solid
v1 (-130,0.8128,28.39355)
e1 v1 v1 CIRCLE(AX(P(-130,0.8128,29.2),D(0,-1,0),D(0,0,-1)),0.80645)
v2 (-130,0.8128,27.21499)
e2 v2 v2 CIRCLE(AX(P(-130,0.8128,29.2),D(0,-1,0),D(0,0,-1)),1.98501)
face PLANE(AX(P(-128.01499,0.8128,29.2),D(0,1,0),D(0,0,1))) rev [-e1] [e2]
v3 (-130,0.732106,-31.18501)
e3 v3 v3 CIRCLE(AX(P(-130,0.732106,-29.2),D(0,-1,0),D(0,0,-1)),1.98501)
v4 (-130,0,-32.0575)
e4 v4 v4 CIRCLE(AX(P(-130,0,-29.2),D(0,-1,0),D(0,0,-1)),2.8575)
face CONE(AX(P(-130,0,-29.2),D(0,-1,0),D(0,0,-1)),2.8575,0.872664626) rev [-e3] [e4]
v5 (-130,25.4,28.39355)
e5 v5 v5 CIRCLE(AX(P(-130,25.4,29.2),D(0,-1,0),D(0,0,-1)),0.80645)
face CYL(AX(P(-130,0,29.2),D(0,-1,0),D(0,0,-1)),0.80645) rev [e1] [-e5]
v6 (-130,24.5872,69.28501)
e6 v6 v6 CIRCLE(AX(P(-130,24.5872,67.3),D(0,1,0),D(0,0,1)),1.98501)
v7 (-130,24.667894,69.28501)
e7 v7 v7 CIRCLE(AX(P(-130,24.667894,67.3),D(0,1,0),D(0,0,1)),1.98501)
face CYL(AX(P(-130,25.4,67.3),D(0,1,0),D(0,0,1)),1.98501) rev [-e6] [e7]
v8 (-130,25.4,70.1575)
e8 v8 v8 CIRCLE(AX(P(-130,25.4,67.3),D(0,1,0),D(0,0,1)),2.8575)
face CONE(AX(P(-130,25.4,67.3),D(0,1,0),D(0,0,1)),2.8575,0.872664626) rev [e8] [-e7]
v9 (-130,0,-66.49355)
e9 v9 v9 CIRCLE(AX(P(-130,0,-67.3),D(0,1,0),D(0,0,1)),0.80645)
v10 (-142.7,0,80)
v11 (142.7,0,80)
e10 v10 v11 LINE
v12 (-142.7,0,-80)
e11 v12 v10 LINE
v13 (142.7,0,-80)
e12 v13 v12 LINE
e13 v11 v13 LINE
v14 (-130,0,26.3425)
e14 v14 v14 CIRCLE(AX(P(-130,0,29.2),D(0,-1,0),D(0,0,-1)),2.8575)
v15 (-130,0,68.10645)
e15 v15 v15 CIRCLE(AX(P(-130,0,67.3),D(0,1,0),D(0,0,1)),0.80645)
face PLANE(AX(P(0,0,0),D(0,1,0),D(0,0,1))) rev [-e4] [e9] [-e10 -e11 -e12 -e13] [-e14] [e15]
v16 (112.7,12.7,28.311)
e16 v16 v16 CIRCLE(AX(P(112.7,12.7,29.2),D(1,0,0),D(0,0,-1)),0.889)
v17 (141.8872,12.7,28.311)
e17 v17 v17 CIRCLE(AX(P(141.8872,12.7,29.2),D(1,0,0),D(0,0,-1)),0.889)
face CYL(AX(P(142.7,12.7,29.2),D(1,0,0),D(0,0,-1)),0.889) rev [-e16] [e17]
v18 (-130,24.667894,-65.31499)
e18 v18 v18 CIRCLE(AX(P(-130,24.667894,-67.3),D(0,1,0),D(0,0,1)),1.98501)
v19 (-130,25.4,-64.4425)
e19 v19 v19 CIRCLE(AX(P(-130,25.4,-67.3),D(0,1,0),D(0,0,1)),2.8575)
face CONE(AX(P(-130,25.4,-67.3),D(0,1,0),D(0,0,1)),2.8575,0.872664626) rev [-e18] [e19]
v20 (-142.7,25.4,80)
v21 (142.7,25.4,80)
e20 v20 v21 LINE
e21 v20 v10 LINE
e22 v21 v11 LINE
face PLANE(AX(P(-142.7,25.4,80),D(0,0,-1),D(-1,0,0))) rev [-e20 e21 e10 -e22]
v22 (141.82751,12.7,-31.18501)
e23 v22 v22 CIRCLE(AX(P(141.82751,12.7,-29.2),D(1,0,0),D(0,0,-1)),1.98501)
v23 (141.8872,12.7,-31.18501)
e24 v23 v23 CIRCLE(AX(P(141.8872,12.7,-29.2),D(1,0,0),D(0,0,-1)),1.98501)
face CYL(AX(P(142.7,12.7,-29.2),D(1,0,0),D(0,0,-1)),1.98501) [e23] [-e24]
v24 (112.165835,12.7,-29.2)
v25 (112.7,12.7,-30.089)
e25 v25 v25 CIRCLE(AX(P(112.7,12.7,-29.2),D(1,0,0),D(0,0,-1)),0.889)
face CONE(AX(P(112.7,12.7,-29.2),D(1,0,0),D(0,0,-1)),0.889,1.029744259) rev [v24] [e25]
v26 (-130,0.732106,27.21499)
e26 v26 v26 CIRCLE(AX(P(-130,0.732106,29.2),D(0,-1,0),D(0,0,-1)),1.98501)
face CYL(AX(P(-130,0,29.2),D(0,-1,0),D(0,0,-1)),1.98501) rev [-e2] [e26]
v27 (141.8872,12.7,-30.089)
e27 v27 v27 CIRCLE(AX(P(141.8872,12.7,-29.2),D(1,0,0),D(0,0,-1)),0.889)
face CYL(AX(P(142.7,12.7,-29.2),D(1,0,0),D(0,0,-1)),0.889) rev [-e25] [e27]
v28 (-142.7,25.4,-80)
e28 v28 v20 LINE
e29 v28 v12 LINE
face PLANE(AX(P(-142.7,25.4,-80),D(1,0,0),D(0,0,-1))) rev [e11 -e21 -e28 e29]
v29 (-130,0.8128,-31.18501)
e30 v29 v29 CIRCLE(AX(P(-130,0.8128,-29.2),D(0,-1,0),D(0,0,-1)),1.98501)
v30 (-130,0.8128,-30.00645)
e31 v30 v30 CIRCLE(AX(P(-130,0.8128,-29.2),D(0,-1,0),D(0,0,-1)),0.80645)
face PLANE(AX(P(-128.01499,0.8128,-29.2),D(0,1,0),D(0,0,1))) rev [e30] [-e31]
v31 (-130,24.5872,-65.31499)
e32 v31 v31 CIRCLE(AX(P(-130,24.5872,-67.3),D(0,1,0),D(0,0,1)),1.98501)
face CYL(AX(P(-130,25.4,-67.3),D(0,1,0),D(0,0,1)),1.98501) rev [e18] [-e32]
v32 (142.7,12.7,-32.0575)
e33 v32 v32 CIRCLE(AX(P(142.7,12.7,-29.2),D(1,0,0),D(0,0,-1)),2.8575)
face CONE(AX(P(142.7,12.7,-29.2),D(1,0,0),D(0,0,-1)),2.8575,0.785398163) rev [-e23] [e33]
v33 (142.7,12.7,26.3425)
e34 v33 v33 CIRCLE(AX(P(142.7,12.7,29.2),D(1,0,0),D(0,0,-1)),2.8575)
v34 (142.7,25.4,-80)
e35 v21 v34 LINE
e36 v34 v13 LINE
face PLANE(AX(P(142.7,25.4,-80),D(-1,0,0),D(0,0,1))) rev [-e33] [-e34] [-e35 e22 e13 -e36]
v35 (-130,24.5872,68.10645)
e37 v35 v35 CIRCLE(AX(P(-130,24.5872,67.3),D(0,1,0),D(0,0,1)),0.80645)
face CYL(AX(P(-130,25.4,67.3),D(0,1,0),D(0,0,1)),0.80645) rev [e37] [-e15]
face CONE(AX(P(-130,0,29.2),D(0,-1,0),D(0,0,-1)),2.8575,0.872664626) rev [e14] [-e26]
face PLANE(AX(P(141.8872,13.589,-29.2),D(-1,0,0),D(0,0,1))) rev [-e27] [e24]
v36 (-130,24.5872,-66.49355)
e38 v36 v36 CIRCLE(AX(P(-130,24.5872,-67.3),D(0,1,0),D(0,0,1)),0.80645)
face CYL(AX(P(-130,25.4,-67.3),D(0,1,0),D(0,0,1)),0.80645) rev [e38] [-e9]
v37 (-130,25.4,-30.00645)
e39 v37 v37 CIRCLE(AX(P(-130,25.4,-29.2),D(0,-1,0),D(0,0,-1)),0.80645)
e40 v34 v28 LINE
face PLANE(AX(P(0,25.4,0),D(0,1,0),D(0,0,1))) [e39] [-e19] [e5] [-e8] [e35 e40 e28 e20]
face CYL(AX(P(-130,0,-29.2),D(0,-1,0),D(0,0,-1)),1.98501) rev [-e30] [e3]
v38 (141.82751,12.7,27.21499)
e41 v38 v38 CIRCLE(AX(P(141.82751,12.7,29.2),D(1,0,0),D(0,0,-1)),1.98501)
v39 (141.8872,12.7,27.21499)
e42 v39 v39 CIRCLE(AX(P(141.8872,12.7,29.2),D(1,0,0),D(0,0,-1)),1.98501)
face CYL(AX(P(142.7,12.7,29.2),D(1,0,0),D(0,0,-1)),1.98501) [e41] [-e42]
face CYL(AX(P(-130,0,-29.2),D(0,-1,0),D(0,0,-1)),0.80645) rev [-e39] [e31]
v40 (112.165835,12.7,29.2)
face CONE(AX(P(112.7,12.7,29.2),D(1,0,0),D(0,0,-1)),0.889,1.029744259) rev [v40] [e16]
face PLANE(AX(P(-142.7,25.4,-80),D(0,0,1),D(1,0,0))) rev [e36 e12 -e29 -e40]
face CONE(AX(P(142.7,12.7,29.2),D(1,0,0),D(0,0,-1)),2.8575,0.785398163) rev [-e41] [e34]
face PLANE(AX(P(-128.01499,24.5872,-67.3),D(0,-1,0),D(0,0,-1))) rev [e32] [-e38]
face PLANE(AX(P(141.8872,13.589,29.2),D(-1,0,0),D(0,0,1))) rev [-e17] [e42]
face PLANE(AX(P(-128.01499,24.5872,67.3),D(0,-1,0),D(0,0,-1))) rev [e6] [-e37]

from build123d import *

# Parameters (mm, degrees)
SKETCH1_W                                   = 285.4
SKETCH1_H                                   = 160
BOSS_EXTRUDE1_DEPTH                         = 25.4
CBORE_FOR_0_BINDING_HEAD_MACHINE_SC_2_COUNT = 2
CBORE_FOR_0_BINDING_HEAD_MACHINE_SC_2_PITCH = 58.4
CBORE_FOR_0_BINDING_HEAD_MACHINE_SC_3_COUNT = 2
CBORE_FOR_0_BINDING_HEAD_MACHINE_SC_3_PITCH = 134.6
CBORE_FOR_0_BINDING_HEAD_MACHINE_SC_4_COUNT = 2
CBORE_FOR_0_BINDING_HEAD_MACHINE_SC_4_PITCH = 58.4


with BuildPart() as part:
    # Sketch1 → Boss-Extrude1 (new body)
    with BuildSketch(Plane(origin=(0, 0, 0), x_dir=(1, 0, 0), z_dir=(0, 1, 0))):
        Rectangle(SKETCH1_W, SKETCH1_H)
    extrude(amount=BOSS_EXTRUDE1_DEPTH)

    # Sketch3 → CBORE for #0 Binding Head Machine Screw3 (revolve, cut)
    with BuildSketch(Plane(origin=(142.7, 12.7, 29.2), x_dir=(0, 0, -1), z_dir=(0, 1, 0))):
        Polygon((0, 0), (0, 30.53416509), (0.889, 30), (0.889, 0.8128), (1.98501, 0.8128), (1.98501, 0.87249), (2.8575, 0), align=None)
    cbore_for_0_binding_head_machine_screw3 = revolve(axis=Axis((149.05, 12.7, 29.2), (-1, 0, 0)), mode=Mode.SUBTRACT)

    # CBORE for _0 Binding Head Machine Sc 2: CBORE for #0 Binding Head Machine Screw3 ×2
    with Locations(*[(0, 0, -i * CBORE_FOR_0_BINDING_HEAD_MACHINE_SC_2_PITCH) for i in range(1, CBORE_FOR_0_BINDING_HEAD_MACHINE_SC_2_COUNT)]):
        add(cbore_for_0_binding_head_machine_screw3, mode=Mode.SUBTRACT)

    # Sketch7 → CBORE for #0 Binding Head Machine Screw1 (revolve, cut)
    with BuildSketch(Plane(origin=(-130, 25.4, 67.3), x_dir=(0, 0, 1), z_dir=(1, 0, 0))):
        Polygon((0, 0), (0, 25.4), (0.80645, 25.4), (0.80645, 0.8128), (1.98501, 0.8128), (1.98501, 0.732106037), (2.8575, 0), align=None)
    cbore_for_0_binding_head_machine_screw1 = revolve(axis=Axis((-130, 31.75, 67.3), (0, -1, 0)), mode=Mode.SUBTRACT)

    # CBORE for _0 Binding Head Machine Sc 3: CBORE for #0 Binding Head Machine Screw1 ×2
    with Locations(*[(0, 0, -i * CBORE_FOR_0_BINDING_HEAD_MACHINE_SC_3_PITCH) for i in range(1, CBORE_FOR_0_BINDING_HEAD_MACHINE_SC_3_COUNT)]):
        add(cbore_for_0_binding_head_machine_screw1, mode=Mode.SUBTRACT)

    # Sketch9 → CBORE for #0 Binding Head Machine Screw2 (revolve, cut)
    with BuildSketch(Plane(origin=(-130, 0, -29.2), x_dir=(0, 0, -1), z_dir=(1, 0, 0))):
        Polygon((0, 0), (0, 25.4), (0.80645, 25.4), (0.80645, 0.8128), (1.98501, 0.8128), (1.98501, 0.732106037), (2.8575, 0), align=None)
    cbore_for_0_binding_head_machine_screw2 = revolve(axis=Axis((-130, -6.35, -29.2), (0, 1, 0)), mode=Mode.SUBTRACT)

    # CBORE for _0 Binding Head Machine Sc 4: CBORE for #0 Binding Head Machine Screw2 ×2
    with Locations(*[(0, 0, i * CBORE_FOR_0_BINDING_HEAD_MACHINE_SC_4_PITCH) for i in range(1, CBORE_FOR_0_BINDING_HEAD_MACHINE_SC_4_COUNT)]):
        add(cbore_for_0_binding_head_machine_screw2, mode=Mode.SUBTRACT)


solid = part.part
